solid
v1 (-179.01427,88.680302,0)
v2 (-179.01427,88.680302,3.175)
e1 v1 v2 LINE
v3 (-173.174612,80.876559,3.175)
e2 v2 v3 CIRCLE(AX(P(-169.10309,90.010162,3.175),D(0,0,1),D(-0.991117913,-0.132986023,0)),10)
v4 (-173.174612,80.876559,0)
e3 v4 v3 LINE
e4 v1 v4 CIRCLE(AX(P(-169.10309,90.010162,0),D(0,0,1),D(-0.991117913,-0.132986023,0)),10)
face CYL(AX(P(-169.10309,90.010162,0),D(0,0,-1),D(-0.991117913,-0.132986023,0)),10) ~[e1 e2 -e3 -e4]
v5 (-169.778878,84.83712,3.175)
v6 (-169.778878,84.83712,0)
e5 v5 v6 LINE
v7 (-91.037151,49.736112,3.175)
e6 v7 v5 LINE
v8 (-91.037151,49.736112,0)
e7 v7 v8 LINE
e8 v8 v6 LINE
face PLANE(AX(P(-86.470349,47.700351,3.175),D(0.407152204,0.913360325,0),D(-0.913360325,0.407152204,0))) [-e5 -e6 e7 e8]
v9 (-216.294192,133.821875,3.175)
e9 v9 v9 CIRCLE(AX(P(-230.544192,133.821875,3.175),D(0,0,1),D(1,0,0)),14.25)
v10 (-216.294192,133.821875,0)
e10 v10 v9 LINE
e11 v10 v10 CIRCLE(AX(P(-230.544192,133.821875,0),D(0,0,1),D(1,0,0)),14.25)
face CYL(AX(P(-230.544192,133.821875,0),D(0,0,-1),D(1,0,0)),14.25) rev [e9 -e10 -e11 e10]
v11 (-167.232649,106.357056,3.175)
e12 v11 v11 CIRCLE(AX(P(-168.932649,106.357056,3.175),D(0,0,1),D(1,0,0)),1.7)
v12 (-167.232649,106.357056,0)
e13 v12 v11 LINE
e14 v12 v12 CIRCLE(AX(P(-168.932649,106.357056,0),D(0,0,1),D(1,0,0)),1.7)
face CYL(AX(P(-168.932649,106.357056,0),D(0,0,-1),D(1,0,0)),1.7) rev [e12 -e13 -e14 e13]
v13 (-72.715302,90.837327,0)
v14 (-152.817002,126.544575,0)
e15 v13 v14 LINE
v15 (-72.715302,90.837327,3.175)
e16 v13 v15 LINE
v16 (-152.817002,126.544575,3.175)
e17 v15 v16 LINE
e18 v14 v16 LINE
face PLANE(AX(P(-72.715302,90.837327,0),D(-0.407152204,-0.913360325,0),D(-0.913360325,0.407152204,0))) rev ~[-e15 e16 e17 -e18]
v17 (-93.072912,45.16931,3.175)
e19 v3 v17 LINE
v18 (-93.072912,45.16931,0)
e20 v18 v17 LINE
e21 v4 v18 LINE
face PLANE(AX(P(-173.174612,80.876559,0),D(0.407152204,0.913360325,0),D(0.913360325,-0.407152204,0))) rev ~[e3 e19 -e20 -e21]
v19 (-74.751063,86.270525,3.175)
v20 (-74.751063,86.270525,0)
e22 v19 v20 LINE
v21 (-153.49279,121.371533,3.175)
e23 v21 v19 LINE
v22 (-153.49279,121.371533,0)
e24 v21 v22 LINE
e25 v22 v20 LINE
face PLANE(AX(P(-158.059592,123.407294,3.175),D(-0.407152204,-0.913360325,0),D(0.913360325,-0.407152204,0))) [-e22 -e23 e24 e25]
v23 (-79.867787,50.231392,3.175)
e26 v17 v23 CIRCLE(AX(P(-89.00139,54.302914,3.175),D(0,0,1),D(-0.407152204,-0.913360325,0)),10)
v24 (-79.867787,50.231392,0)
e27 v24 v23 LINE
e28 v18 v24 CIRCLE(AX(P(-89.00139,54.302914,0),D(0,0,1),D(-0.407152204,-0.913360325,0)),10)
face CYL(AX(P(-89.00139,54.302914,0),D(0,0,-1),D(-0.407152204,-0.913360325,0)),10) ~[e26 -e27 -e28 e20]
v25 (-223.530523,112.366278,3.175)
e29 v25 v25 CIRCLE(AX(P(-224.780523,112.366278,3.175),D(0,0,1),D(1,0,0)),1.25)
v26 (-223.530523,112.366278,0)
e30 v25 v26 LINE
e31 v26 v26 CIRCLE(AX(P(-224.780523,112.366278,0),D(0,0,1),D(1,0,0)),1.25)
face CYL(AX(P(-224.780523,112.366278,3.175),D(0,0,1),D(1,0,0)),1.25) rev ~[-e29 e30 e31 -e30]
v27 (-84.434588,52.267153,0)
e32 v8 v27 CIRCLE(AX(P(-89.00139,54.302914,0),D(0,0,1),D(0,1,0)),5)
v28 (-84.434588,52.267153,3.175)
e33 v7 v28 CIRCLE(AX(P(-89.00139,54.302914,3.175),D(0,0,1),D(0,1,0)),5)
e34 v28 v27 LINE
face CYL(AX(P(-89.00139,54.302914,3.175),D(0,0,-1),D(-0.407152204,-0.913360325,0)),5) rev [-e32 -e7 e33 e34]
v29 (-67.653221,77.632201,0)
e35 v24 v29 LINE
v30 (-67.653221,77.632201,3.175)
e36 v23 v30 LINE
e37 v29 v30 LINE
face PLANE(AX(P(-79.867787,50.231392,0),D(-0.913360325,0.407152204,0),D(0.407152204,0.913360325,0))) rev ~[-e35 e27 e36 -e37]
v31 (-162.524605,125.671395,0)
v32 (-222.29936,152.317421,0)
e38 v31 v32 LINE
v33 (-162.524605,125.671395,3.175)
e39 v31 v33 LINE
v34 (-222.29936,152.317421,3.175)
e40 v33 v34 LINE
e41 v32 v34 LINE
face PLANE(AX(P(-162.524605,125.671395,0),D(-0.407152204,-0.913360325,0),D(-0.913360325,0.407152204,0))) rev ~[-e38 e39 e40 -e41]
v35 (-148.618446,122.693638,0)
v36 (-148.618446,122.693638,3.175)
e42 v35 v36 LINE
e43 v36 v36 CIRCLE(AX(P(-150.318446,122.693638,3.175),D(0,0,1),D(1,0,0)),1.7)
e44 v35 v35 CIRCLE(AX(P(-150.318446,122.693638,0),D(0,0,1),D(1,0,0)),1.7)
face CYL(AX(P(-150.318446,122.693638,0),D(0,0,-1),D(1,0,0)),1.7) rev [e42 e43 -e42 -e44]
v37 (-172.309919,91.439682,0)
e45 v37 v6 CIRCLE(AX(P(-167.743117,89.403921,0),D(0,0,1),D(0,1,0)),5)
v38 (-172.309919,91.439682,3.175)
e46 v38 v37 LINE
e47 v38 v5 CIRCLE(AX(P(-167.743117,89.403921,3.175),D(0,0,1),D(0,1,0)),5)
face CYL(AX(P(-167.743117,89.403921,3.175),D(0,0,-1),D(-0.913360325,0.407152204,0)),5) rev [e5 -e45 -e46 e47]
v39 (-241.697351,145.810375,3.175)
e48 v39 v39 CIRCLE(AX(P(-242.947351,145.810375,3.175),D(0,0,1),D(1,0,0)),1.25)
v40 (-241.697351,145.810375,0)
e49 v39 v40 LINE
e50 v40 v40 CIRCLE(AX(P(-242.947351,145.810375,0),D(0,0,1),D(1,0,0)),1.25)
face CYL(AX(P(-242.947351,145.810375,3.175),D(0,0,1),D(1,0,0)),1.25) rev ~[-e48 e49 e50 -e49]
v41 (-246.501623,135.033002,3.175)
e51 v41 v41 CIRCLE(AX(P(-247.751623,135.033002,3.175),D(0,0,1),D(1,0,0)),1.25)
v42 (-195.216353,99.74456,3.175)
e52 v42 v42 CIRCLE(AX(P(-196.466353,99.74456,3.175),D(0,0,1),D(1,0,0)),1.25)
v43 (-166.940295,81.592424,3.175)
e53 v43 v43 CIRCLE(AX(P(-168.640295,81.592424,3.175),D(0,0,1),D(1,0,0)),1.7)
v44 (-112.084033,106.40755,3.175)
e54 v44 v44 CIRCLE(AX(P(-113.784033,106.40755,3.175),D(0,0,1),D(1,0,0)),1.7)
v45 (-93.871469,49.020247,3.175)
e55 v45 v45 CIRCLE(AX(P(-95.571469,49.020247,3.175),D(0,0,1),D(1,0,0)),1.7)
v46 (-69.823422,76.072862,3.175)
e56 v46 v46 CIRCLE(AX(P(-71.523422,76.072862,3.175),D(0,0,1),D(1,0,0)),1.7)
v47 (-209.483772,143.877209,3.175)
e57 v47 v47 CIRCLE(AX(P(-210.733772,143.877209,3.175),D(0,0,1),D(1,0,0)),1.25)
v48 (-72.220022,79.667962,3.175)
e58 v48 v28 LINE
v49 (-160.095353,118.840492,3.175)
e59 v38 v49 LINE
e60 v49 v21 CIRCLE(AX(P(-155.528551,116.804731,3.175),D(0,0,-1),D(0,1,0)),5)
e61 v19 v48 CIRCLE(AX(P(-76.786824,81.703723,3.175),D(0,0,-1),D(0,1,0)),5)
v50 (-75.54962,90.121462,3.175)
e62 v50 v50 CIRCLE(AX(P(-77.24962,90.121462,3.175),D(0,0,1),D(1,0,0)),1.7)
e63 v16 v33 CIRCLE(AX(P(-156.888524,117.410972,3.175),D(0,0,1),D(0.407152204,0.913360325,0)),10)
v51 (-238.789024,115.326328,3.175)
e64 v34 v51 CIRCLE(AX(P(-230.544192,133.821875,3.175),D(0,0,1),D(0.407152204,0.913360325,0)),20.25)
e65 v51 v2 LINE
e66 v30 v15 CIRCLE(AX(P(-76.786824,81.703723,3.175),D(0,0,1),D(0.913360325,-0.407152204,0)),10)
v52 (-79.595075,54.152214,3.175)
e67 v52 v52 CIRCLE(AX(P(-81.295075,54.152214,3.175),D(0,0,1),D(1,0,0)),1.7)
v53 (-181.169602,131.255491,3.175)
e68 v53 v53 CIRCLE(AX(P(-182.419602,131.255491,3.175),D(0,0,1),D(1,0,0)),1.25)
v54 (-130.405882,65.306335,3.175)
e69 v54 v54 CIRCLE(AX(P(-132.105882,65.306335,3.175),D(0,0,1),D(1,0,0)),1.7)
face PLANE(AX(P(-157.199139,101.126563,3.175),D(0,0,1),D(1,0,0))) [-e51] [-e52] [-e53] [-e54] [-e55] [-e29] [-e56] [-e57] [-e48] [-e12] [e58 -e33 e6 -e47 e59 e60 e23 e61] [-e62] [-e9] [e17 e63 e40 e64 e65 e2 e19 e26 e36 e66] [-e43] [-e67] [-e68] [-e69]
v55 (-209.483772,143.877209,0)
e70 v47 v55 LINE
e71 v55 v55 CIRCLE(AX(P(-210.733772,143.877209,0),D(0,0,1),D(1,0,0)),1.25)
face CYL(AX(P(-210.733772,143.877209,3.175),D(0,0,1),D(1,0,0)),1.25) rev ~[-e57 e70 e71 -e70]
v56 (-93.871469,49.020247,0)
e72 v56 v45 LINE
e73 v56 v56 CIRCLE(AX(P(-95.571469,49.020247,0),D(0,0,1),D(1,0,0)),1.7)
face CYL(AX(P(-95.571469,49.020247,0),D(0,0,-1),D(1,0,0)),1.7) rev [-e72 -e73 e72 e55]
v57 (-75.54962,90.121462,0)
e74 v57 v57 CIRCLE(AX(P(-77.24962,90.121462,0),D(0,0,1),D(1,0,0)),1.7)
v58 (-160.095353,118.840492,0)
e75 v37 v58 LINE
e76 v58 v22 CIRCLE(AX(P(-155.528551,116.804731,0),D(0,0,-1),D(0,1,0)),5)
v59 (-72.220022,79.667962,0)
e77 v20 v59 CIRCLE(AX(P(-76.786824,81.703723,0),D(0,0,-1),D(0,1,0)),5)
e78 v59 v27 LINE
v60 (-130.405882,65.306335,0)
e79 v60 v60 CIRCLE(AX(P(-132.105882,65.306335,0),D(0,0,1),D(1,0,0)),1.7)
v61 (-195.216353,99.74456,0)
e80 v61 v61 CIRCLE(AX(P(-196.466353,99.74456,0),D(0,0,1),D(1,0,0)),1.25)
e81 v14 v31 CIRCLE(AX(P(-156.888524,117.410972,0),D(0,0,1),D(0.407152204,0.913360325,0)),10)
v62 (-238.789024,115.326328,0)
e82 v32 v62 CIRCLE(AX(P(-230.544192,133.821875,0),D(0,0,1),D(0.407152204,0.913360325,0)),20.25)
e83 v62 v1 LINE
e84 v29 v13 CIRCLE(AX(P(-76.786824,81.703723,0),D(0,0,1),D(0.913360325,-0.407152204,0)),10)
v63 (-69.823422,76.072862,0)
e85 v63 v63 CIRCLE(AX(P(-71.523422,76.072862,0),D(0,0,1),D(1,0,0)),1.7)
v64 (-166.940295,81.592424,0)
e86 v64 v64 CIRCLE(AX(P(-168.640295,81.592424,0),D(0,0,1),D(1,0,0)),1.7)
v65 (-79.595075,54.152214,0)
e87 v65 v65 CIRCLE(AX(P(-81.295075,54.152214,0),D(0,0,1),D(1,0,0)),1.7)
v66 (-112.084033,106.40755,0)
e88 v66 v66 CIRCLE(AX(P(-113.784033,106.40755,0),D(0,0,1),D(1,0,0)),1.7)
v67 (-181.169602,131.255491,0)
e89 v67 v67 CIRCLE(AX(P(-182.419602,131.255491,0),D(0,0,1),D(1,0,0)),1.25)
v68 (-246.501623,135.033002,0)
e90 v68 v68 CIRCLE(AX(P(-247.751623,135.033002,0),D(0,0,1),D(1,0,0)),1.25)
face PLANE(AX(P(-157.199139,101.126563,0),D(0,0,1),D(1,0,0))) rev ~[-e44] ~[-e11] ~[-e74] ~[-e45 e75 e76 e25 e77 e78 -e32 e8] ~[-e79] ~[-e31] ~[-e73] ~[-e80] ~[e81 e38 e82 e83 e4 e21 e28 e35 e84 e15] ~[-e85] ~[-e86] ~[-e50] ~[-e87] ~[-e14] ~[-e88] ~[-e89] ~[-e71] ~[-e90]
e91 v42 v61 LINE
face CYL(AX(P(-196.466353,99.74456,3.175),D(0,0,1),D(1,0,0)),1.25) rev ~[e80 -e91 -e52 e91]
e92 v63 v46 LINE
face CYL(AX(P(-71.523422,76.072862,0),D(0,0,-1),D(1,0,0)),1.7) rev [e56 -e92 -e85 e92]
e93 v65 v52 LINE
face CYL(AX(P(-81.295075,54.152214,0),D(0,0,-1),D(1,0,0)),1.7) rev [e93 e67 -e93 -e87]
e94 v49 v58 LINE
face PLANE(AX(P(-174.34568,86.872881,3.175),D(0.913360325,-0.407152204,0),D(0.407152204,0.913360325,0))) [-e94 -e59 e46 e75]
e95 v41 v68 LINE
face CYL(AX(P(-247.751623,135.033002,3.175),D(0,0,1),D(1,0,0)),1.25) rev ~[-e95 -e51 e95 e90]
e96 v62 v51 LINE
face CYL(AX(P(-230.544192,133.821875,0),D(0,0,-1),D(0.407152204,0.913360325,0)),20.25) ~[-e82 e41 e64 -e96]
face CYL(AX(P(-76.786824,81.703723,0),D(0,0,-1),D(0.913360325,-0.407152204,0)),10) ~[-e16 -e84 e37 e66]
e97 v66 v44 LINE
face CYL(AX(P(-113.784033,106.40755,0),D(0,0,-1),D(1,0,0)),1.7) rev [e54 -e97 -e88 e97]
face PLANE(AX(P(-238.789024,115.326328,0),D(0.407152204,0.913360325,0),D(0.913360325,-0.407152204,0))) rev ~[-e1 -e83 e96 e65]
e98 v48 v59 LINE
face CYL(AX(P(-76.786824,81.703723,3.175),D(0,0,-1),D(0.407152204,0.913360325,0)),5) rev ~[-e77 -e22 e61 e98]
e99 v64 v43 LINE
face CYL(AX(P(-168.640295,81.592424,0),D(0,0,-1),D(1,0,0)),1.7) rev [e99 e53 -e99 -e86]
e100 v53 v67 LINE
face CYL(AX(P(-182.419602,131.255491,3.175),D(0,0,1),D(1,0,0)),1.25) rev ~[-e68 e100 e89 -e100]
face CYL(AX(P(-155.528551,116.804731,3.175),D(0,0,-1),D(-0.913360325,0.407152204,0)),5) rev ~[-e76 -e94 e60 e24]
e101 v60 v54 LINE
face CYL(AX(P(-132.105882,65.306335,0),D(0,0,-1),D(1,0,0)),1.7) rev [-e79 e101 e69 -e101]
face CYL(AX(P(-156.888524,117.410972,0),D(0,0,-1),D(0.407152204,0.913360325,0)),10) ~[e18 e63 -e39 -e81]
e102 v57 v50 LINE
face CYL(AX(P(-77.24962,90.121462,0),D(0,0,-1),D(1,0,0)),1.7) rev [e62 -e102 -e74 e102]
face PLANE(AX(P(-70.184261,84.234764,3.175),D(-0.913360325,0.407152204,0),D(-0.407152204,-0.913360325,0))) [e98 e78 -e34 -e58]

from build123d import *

# Parameters (mm, degrees)
SKETCH1_R           = 14.25
SKETCH1_R_2         = 1.7
BOSS_EXTRUDE1_DEPTH = 3.175
SKETCH5_R           = 1.25
CUT_EXTRUDE4_DEPTH  = 4.175
CUT_EXTRUDE5_DEPTH  = 10
FILLET1_R           = 5
FILLET2_R           = 5


with BuildPart() as part:
    # Sketch1 → Boss-Extrude1 (new body)
    with BuildSketch(Plane.XY):
        with BuildLine():
            Line((-72.715301765, 90.837326721), (-152.817002247, 126.544575004))
            ThreePointArc((-152.817002247, 126.544575004), (-157.784388135, 127.370762315), (-162.524605276, 125.671394934))
            Line((-162.524605276, 125.671394934), (-222.299360222, 152.317421212))
            ThreePointArc((-222.299360222, 152.317421212), (-249.039738928, 142.066706765), (-238.78902448, 115.326328059))
            Line((-238.78902448, 115.326328059), (-179.014269534, 88.680301782))
            ThreePointArc((-179.014269534, 88.680301782), (-177.109561802, 84.018800254), (-173.174612442, 80.876558766))
            Line((-173.174612442, 80.876558766), (-93.072911961, 45.169310483))
            ThreePointArc((-93.072911961, 45.169310483), (-85.421957972, 44.965480094), (-79.867786674, 50.231391692))
            Line((-79.867786674, 50.231391692), (-67.653220557, 77.632201435))
            ThreePointArc((-67.653220557, 77.632201435), (-67.449390168, 85.283155423), (-72.715301765, 90.837326721))
        make_face()
        with Locations((-230.544192351, 133.821874636)):
            Circle(SKETCH1_R, mode=Mode.SUBTRACT)
        with Locations((-95.571468701, 49.02024728)):
            Circle(SKETCH1_R_2, mode=Mode.SUBTRACT)
        with Locations((-132.105881692, 65.306335437)):
            Circle(SKETCH1_R_2, mode=Mode.SUBTRACT)
        with Locations((-168.640294682, 81.592423593)):
            Circle(SKETCH1_R_2, mode=Mode.SUBTRACT)
        with Locations((-150.318445506, 122.693638207)):
            Circle(SKETCH1_R_2, mode=Mode.SUBTRACT)
        with Locations((-113.784032516, 106.407550051)):
            Circle(SKETCH1_R_2, mode=Mode.SUBTRACT)
        with Locations((-77.249619525, 90.121461895)):
            Circle(SKETCH1_R_2, mode=Mode.SUBTRACT)
        with Locations((-81.295075004, 54.152214057)):
            Circle(SKETCH1_R_2, mode=Mode.SUBTRACT)
        with Locations((-71.52342211, 76.072861852)):
            Circle(SKETCH1_R_2, mode=Mode.SUBTRACT)
        with Locations((-168.932649456, 106.357056211)):
            Circle(SKETCH1_R_2, mode=Mode.SUBTRACT)
    extrude(amount=BOSS_EXTRUDE1_DEPTH)

    # Sketch5 → Cut-Extrude4 (cut, through all)
    with BuildSketch(Plane.XY.offset(3.175)):
        with Locations((-196.466353254, 99.744559857)):
            Circle(SKETCH5_R)
        with Locations((-224.780523322, 112.366278179)):
            Circle(SKETCH5_R)
        with Locations((-210.733772287, 143.877209383)):
            Circle(SKETCH5_R)
        with Locations((-182.419602219, 131.255491062)):
            Circle(SKETCH5_R)
        with Locations((-242.947351213, 145.810375386)):
            Circle(SKETCH5_R)
        with Locations((-247.751623016, 135.033002179)):
            Circle(SKETCH5_R)
    extrude(amount=-CUT_EXTRUDE4_DEPTH, mode=Mode.SUBTRACT)

    # Sketch6 → Cut-Extrude5 (cut)
    with BuildSketch(Plane.XY.offset(3.175)):
        Polygon((-158.059591703, 123.407293834), (-70.184261161, 84.234764078), (-86.470349317, 47.700351088), (-174.345679859, 86.872880843), align=None)
    extrude(amount=-CUT_EXTRUDE5_DEPTH, mode=Mode.SUBTRACT)

    # Fillet1
    fillet1_edges = [part.edges().sort_by_distance(p)[0] for p in [
        (-174.345679859, 86.872880843, 1.5875),
        (-158.059591703, 123.407293834, 1.5875),
    ]]
    fillet(fillet1_edges, radius=FILLET1_R)

    # Fillet2
    fillet2_edges = [part.edges().sort_by_distance(p)[0] for p in [
        (-70.184261161, 84.234764078, 1.5875),
        (-86.470349317, 47.700351088, 1.5875),
    ]]
    fillet(fillet2_edges, radius=FILLET2_R)


solid = part.part
